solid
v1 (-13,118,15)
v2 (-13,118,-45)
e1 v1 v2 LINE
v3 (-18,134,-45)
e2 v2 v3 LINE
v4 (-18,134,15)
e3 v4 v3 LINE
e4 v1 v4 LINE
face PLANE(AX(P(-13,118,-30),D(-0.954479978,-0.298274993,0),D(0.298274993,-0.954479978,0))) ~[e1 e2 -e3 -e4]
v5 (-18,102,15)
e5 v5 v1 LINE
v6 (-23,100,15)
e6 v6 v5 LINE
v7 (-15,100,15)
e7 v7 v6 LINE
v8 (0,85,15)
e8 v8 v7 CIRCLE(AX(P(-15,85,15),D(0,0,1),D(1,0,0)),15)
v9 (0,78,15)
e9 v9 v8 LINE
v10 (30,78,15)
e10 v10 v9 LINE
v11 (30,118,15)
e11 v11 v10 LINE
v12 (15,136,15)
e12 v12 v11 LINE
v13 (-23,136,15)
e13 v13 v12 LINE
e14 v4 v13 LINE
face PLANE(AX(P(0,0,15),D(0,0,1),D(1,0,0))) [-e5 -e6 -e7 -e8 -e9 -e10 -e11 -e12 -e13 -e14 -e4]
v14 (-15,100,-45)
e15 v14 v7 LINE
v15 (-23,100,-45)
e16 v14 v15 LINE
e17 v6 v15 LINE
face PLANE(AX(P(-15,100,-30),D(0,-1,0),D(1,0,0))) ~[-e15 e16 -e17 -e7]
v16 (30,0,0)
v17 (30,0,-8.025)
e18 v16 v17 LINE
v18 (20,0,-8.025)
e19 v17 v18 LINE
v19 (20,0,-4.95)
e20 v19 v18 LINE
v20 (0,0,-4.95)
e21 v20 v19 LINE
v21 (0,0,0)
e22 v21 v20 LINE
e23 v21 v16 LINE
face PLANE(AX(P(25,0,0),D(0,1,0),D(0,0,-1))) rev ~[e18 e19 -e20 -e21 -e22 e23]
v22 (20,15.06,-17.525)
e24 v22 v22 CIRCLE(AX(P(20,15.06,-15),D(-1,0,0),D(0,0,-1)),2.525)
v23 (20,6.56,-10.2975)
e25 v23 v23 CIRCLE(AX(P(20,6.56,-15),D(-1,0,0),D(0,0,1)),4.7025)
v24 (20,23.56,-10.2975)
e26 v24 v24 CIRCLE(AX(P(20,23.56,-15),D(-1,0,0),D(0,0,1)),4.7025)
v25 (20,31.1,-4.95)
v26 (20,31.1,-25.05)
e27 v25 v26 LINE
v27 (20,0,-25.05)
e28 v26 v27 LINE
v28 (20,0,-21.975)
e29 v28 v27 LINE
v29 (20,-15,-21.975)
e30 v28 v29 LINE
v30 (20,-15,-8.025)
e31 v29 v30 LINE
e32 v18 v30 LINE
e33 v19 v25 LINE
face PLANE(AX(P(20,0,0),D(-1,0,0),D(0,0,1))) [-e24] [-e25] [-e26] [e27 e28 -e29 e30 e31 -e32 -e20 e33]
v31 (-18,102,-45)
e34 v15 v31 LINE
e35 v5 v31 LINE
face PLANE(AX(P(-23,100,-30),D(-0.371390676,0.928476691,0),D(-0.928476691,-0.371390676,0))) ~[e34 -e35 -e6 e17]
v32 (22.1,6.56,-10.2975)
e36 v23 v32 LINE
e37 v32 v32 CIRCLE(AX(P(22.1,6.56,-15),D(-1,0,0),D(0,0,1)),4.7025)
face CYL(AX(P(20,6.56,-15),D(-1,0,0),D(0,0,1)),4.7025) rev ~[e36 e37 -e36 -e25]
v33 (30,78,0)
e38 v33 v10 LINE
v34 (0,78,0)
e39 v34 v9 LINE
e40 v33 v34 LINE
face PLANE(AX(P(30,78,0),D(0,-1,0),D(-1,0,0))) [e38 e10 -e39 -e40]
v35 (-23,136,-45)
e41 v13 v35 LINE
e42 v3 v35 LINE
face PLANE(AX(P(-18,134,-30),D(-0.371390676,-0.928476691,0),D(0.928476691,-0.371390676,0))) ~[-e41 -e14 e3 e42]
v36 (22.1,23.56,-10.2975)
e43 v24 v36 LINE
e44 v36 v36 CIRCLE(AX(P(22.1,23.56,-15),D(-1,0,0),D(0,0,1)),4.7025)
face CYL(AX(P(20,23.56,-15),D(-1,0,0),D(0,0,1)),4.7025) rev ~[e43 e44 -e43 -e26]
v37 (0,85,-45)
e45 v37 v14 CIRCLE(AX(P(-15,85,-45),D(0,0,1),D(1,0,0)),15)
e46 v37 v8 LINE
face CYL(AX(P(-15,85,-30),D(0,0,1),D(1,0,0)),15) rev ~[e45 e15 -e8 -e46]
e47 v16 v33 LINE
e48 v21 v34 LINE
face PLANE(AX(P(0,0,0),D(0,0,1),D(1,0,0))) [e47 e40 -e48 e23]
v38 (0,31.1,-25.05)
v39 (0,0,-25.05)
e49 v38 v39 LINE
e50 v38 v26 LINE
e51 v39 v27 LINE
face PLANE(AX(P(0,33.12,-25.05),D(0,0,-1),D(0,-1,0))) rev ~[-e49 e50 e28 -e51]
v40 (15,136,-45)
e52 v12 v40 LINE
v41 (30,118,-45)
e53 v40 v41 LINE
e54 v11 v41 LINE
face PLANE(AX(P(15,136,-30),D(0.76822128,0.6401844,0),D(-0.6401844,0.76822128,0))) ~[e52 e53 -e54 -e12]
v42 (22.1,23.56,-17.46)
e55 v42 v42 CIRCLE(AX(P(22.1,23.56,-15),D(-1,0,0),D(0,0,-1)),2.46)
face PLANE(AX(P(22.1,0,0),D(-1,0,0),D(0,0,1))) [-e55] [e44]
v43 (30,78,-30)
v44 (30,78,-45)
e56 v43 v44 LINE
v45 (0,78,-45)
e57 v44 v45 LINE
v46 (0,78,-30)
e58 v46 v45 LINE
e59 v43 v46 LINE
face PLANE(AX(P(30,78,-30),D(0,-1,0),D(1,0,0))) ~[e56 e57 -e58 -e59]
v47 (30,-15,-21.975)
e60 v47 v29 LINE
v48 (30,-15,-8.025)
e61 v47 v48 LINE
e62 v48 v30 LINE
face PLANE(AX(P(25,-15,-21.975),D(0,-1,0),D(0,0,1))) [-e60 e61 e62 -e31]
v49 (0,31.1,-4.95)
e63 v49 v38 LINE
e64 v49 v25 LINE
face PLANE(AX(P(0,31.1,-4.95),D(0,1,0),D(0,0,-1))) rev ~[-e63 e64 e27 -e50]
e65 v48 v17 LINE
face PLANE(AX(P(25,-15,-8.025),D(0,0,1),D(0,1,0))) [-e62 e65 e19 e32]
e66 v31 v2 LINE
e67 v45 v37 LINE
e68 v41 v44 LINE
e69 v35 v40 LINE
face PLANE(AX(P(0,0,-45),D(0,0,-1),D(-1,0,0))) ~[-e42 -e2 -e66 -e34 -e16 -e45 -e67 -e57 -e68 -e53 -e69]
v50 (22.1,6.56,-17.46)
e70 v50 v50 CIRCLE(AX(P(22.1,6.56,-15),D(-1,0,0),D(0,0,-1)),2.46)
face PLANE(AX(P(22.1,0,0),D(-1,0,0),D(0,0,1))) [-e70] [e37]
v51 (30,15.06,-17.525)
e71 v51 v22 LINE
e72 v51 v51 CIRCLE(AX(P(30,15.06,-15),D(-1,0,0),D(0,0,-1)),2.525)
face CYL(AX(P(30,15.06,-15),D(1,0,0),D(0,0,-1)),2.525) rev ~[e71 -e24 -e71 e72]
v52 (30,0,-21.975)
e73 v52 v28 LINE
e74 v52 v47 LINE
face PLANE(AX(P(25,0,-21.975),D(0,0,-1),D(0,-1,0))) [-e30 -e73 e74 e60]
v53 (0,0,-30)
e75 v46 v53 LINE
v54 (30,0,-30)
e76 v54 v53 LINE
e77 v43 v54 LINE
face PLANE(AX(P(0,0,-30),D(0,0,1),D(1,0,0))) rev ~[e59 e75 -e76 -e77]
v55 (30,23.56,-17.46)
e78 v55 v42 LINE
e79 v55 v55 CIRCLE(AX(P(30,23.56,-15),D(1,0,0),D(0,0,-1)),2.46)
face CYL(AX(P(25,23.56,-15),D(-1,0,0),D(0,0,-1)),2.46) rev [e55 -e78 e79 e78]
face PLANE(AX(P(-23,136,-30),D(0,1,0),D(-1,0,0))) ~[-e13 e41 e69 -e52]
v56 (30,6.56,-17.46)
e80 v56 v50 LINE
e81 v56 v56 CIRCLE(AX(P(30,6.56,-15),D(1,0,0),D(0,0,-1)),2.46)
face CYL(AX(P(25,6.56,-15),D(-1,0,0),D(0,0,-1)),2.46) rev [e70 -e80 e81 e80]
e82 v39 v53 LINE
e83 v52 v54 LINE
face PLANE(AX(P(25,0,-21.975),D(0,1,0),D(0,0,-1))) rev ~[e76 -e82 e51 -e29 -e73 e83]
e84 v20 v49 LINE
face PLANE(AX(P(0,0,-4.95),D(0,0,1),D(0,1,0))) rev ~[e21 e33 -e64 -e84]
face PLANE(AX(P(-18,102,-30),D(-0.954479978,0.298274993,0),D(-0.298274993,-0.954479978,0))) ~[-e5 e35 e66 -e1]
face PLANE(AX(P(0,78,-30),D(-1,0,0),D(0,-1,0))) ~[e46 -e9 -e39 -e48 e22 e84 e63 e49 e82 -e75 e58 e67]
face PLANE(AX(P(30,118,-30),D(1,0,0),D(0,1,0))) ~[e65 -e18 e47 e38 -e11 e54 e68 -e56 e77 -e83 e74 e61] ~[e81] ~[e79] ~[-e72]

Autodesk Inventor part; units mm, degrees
ref_plane "YZ Plane" through (0, 0, 0) normal (1, 0, 0) x (0, 1, 0)
ref_plane "XZ Plane" through (0, 0, 0) normal (0, 1, 0) x (-1, 0, 0)
sketch "Sketch1" plane through (0, 0, 0) normal (0, 0, 1) x (1, 0, 0)
  line L0 (0, 0) -> (25, 0)
  line L1 (25, 0) -> (25, 40)
  line L2 (25, 40) -> (0, 40)
  line L3 (0, 40) -> (0, 0)
  dimension "d1" = 25
  dimension "d2" = 40
  dimension "d3" = 25
extrude "Extrusion1" add sketch "Sketch1" against normal blind 30
sketch "Sketch2" plane through (25, 0, 0) normal (1, 0, 0) x (0, 0, -1)
  line L0 (0, 0) -> (30, 0) projected
  circle A0 centre (15, 6.56) radius 2.46
extrude "Extrusion2" cut sketch "Sketch2" against normal blind 30
sketch "Sketch3" plane through (0, 0, 0) normal (-1, 0, 0) x (0, 0, 1)
  line L0 (0, 0) -> (-30, 0) projected
  line L1 (-25.05, 0) -> (-4.95, 0)
  line L2 (-4.95, 0) -> (-4.95, 33.12)
  line L3 (-4.95, 33.12) -> (-25.05, 33.12)
  line L4 (-25.05, 33.12) -> (-25.05, 0)
  dimension "d11" = 20.1
extrude "Extrusion3" cut sketch "Sketch3" against normal blind 20
sketch "Sketch4" plane through (0, 0, 0) normal (0, -1, 0) x (1, 0, 0)
  line L0 (20, -4.95) -> (20, -25.05) projected
  line L1 (20, -15) -> (25, -15)
  line L2 (25, 0) -> (25, -30) projected
  line L3 (20, -8.025) -> (25, -8.025)
  line L4 (25, -8.025) -> (25, -21.975)
  line L5 (25, -21.975) -> (20, -21.975)
  line L6 (20, -21.975) -> (20, -8.025)
  line L7 (20, -8.025) -> (25, -21.975) construction
  line L8 (25, -8.025) -> (20, -21.975) construction
  line L9 (25, -12.54) -> (25, -17.46) projected
  point P0 (0, 0)
  point P1 (22.5, -15)
  dimension "d14" = 13.95
extrude "Extrusion4" add sketch "Sketch4" along normal blind 15
sketch "Sketch5" plane through (20, 0, 0) normal (-1, 0, 0) x (0, 0, 1)
  circle A0 centre (-15, 6.56) radius 2.46 projected
  circle A1 centre (-15, 6.56) radius 4.7025
  circle A2 centre (-15, 6.56) radius 2.46 projected
  circle A3 centre (-15, 6.56) radius 2.46
  point P0 (0, 0)
  dimension "d17" = 9.405
extrude "Extrusion5" cut sketch "Sketch5" against normal blind 2.1
sketch "Sketch6" plane through (25, 0, 0) normal (1, 0, 0) x (0, 0, -1)
  circle A0 centre (15, 6.56) radius 4.7025 projected
  line L0 (15, 6.56) -> (15, 23.56)
  circle A1 centre (15, 23.56) radius 2.46
  point P0 (0, 0)
  dimension "d20" = 17
  dimension "d21" = 4.92
extrude "Extrusion6" cut sketch "Sketch6" against normal blind 10 contours A1
sketch "Sketch7" plane through (20, 0, 0) normal (-1, 0, 0) x (0, 0, 1)
  circle A0 centre (-15, 23.56) radius 2.46 projected
  circle A1 centre (-15, 23.56) radius 4.7025
  point P0 (0, 0)
  dimension "d24" = 9.405
extrude "Extrusion7" cut sketch "Sketch7" against normal blind 2.1
sketch "Sketch9" plane through (25, 0, 0) normal (1, 0, 0) x (0, 0, -1)
  circle A0 centre (15, 6.56) radius 2.46 projected
  circle A1 centre (15, 6.56) radius 2.46
  circle A2 centre (15, 23.56) radius 2.46 projected
  circle A3 centre (15, 23.56) radius 2.46
  line L0 (30, 40) -> (30, 0) projected
  line L1 (30, 0) -> (30, 40)
  line L2 (30, 40) -> (0, 40)
  line L3 (0, 40) -> (0, 0)
  line L4 (0, 0) -> (8.025, 0) projected
  line L5 (21.975, 0) -> (21.975, -15)
  line L6 (21.975, -15) -> (8.025, -15)
  line L7 (8.025, -15) -> (8.025, 0)
  line L8 (0, 0) -> (8.025, 0)
  line L9 (21.975, 0) -> (30, 0)
extrude "Extrusion8" add sketch "Sketch9" along normal blind 5
sketch "Sketch10" plane through (0, 40, 0) normal (0, 1, 0) x (1, 0, 0)
  line L0 (0, 30) -> (30, 30) projected
  line L1 (30, 0) -> (0, 0) projected
  line L2 (0, 30) -> (30, 30)
  line L3 (30, 30) -> (30, 0)
  line L4 (30, 0) -> (0, 0)
  line L5 (0, 0) -> (0, 30)
extrude "Extrusion9" add sketch "Sketch10" along normal blind 30
sketch "Sketch12" plane through (30, 0, 0) normal (1, 0, 0) x (0, 0, -1)
  circle A0 centre (15, 6.56) radius 2.46 projected
  line L0 (15, 6.56) -> (15, 15.06)
  circle A1 centre (15, 15.06) radius 2.525
  point P0 (0, 0)
  dimension "d31" = 8.5
  dimension "d33" = 5.05
extrude "Extrusion10" cut sketch "Sketch12" against normal blind 30 contours A1
sketch "Sketch14" plane through (0, 0, 0) normal (0, 0, 1) x (1, 0, 0)
  line L0 (30, 70) -> (0, 70) projected
  line L1 (0, 70) -> (0, 85)
  line L2 (-15, 100) -> (-23, 100)
  line L3 (30, 0) -> (30, 70) projected
  line L4 (30, 118) -> (30, 70)
  arc A0 (0, 85) -> (-15, 100) centre (-15, 85) ccw
  line L5 (30, 105) -> (30, 100)
  line L6 (-18, 134) -> (-23, 136)
  line L7 (-18, 102) -> (-23, 100)
  line L8 (-18, 102) -> (-13, 118)
  line L9 (-13, 118) -> (-18, 134)
  line L10 (15, 136) -> (30, 118)
  line L11 (-23, 136) -> (15, 136)
  point P0 (0, 0)
  point P1 (0, 100)
  dimension "d47" = 30
  dimension "d54" = 15
extrude "Extrusion12" add sketch "Sketch14" against normal blind 30
sketch "Sketch15" plane through (0, 0, -25.05) normal (-1, 0, 0) x (0, 0, 1)
  line L0 (0, 33.12) -> (20.1, 33.12) projected
  line L1 (20.1, 33.12) -> (20.1, 0) projected
  line L2 (0, 33.12) -> (20.1, 33.12)
  line L3 (20.1, 33.12) -> (20.1, 31.1)
  line L4 (20.1, 31.1) -> (0, 31.1)
  line L5 (0, 31.1) -> (0, 33.12)
  point P0 (25.05, 0)
  dimension "d57" = 2.02
extrude "Extrusion13" add sketch "Sketch15" against normal blind 20
sketch "Sketch22" plane through (0, 0, 0) normal (0, 0, 1) x (1, 0, 0)
  line L0 (-15, 100) -> (-23, 100) projected
  line L1 (-15, 100) -> (-23, 100)
  line L2 (-23, 100) -> (-18, 102) projected
  line L3 (-23, 100) -> (-18, 102)
  line L4 (-18, 102) -> (-13, 118) projected
  line L5 (-18, 102) -> (-13, 118)
  line L6 (-13, 118) -> (-18, 134) projected
  line L7 (-13, 118) -> (-18, 134)
  line L8 (-18, 134) -> (-23, 136) projected
  line L9 (-18, 134) -> (-23, 136)
  line L10 (-23, 136) -> (15, 136) projected
  line L11 (-23, 136) -> (15, 136)
  line L12 (15, 136) -> (30, 118) projected
  line L13 (15, 136) -> (30, 118)
  line L14 (30, 118) -> (30, 78)
  line L15 (30, 0) -> (30, 118) projected
  line L16 (30, 78) -> (0, 78)
  arc A0 (0, 85) -> (-15, 100) centre (-15, 85) ccw projected
  line L17 (0, 78) -> (0, 85)
  arc A1 (0, 85) -> (-15, 100) centre (-15, 85) ccw
  point P0 (0, 0)
  dimension "d82" = 40
extrude "Extrusion14" add sketch "Sketch22" along normal blind 15
ref_plane "Work Plane1" through (0, 0, -15) normal (0, 0, 1) x (1, 0, 0)
mirror "Mirror1" about plane through (0, 0, -15) normal (0, 0, 1) of "Extrusion14"
properties part number "rec_a_32mm_x_60mm"
